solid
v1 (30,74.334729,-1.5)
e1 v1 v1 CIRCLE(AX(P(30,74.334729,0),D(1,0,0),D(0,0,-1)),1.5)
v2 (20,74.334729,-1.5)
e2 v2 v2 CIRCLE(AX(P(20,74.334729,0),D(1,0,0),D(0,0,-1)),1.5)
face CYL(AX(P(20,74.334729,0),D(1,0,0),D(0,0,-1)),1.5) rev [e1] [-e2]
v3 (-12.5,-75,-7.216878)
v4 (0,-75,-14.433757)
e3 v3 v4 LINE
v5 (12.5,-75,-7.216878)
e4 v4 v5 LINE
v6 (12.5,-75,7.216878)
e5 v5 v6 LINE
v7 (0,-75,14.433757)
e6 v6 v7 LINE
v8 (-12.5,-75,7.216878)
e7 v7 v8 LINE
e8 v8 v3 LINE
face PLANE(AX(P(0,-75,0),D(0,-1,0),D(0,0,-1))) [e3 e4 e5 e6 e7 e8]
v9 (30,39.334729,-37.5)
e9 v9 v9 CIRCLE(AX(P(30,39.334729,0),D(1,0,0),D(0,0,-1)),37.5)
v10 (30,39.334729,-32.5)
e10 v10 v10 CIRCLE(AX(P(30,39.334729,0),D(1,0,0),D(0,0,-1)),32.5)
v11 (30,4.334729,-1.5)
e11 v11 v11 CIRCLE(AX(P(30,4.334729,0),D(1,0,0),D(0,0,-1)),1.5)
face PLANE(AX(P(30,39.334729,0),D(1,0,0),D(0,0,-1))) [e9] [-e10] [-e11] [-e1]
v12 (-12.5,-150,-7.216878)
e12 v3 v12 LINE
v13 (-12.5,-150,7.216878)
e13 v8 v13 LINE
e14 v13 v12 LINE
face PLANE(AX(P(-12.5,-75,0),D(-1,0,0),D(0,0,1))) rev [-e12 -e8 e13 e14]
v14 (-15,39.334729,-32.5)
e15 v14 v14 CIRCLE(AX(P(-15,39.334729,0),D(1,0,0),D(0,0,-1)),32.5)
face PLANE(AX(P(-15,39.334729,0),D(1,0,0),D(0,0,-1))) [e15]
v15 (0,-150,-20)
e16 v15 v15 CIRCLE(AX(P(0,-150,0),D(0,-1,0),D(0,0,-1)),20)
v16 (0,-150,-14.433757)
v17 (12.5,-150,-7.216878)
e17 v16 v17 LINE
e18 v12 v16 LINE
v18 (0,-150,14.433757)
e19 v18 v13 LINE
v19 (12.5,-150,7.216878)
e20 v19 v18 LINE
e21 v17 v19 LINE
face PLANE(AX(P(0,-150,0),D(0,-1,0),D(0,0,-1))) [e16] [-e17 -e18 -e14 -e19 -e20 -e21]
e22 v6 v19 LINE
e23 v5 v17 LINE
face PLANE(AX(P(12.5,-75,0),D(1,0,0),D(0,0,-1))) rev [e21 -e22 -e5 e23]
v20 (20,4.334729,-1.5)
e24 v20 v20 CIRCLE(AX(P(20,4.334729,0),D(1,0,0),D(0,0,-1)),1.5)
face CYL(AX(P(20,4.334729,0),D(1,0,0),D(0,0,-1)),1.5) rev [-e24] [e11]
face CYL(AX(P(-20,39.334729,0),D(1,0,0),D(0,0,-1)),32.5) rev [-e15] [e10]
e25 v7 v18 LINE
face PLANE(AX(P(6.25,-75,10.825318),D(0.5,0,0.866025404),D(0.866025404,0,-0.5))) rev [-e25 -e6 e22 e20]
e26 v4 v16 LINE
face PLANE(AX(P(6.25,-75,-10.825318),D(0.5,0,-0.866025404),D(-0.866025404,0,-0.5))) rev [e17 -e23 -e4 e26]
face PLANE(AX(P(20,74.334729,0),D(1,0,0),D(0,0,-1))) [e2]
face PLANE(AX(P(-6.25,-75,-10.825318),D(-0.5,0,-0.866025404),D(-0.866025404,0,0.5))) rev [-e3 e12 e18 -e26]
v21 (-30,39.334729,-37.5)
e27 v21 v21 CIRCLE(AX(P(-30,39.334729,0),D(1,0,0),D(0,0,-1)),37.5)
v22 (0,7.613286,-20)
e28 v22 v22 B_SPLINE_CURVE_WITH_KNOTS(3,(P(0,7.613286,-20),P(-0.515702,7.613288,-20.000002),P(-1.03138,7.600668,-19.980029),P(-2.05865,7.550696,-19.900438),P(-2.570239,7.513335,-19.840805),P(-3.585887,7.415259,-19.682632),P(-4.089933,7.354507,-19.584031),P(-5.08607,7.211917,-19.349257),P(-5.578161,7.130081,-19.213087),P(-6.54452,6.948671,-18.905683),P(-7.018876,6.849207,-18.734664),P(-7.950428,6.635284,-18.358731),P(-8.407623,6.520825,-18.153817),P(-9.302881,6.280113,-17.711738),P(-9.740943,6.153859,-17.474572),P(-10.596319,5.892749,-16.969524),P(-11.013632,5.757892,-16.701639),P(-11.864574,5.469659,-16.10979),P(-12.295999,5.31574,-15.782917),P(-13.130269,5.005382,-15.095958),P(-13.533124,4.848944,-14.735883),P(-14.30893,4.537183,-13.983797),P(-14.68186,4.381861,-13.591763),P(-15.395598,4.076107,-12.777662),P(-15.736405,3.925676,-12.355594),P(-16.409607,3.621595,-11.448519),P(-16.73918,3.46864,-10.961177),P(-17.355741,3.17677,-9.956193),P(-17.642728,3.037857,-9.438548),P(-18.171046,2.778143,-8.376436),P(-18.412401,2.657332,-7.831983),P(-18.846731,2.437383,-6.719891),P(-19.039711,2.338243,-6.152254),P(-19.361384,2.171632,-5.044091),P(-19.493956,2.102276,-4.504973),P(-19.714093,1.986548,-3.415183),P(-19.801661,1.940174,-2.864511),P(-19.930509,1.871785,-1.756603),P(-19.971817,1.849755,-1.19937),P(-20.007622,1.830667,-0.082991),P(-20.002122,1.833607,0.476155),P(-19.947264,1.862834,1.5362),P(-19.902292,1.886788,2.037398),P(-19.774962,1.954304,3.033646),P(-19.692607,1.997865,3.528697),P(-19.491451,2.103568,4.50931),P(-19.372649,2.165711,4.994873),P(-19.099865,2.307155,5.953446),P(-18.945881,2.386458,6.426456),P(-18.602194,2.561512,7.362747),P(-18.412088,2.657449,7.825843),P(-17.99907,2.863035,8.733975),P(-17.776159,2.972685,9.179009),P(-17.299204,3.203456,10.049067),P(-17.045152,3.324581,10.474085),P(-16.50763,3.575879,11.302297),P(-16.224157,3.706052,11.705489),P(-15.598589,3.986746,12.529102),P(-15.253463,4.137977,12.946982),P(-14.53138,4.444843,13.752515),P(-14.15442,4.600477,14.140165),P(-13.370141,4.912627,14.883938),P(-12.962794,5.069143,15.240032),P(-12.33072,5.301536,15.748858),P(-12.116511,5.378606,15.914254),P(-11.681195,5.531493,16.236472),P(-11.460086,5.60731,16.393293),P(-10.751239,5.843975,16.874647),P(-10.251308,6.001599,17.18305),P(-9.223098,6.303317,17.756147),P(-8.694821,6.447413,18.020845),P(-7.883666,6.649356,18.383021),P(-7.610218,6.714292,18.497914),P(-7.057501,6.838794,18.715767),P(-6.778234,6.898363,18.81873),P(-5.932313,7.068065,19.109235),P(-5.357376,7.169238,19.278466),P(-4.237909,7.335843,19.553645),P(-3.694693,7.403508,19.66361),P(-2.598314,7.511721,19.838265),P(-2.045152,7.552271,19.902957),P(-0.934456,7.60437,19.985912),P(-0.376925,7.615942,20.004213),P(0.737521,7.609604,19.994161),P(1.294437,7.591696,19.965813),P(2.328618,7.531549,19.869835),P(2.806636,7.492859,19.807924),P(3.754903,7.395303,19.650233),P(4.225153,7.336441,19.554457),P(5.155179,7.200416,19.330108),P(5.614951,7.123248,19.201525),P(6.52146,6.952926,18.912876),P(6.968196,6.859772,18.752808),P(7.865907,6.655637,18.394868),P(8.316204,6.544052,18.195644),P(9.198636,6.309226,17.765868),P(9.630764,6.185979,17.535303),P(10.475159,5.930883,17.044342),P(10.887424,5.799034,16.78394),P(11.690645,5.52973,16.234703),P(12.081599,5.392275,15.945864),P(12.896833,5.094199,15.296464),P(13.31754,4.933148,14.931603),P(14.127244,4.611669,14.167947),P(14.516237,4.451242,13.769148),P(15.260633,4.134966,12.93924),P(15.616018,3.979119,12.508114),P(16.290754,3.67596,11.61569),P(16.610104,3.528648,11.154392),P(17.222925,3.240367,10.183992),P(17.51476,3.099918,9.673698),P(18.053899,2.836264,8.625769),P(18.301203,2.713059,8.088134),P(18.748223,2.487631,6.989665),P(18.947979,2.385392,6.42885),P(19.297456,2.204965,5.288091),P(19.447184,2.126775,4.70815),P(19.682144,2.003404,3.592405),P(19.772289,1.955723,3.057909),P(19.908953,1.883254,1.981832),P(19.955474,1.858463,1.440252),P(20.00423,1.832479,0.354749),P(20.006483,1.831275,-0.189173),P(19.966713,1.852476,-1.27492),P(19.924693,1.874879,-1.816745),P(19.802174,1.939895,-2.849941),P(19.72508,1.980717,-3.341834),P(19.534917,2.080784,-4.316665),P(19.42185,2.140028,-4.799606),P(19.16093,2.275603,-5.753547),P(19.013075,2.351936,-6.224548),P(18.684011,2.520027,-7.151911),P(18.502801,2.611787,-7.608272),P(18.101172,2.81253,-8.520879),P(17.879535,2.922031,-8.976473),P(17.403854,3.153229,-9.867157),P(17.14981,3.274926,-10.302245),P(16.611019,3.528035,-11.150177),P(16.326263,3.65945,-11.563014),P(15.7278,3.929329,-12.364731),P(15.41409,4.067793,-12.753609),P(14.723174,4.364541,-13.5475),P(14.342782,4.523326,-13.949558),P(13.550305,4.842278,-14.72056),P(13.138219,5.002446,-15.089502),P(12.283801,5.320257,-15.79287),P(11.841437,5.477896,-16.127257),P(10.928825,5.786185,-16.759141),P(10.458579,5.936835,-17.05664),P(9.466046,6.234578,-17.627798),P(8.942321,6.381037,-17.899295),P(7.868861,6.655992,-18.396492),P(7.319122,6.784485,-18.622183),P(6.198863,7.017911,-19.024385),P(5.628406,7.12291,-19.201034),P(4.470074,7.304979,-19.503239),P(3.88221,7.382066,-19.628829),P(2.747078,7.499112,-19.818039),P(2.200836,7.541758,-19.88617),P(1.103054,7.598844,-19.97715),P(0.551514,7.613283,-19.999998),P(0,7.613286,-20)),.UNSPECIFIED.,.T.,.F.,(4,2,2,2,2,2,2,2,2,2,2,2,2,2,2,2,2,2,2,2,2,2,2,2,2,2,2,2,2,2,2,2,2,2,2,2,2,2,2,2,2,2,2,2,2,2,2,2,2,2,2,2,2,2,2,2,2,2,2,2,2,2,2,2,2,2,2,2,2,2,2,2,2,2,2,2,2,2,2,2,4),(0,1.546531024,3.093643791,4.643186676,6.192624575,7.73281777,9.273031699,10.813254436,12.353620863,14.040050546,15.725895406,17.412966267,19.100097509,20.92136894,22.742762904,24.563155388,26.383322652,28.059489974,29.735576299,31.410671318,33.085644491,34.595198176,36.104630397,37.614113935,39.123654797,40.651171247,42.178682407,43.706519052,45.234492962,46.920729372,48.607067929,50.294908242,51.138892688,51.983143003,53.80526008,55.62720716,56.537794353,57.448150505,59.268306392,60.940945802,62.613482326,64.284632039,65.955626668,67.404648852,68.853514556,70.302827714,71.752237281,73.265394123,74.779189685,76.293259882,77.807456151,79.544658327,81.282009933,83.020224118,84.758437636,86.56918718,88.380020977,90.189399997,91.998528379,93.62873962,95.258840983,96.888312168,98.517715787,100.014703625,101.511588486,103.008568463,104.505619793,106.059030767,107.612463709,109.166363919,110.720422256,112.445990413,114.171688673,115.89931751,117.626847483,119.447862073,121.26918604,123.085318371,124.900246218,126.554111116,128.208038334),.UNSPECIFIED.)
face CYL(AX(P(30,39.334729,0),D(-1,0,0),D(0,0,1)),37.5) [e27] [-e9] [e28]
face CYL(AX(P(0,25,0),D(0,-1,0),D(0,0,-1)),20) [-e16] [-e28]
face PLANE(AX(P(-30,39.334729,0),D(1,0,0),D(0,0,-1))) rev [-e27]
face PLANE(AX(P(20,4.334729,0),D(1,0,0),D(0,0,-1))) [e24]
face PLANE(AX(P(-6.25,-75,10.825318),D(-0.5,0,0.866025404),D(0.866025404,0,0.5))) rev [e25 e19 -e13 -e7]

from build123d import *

# Parameters (mm, degrees)
SKETCH1_R                 = 20
BOSS_EXTRUDE1_DEPTH       = 25
BOSS_EXTRUDE2_START       = 100
SKETCH2_R                 = 20
BOSS_EXTRUDE2_DEPTH       = 100
BOSS_EXTRUDE4_START       = -100
SKETCH6_R                 = 20
BOSS_EXTRUDE4_DEPTH       = 100
SKETCH7_R                 = 25
CUT_EXTRUDE2_DEPTH        = 40
SKETCH8_R                 = 25
SKETCH8_R_2               = 22.5
BOSS_EXTRUDE7_DEPTH       = 40
SKETCH9_R                 = 25
BOSS_EXTRUDE8_DEPTH       = 2
BOSS_EXTRUDE10_DEPTH      = 38
CUT_EXTRUDE3_DEPTH        = 25
SKETCH12_R                = 25
CUT_EXTRUDE4_DEPTH        = 75
BOSS_EXTRUDE11_START      = 50
SKETCH14_R                = 20
BOSS_EXTRUDE11_DEPTH      = 50
BOSS_EXTRUDE12_DEPTH      = 10
BOSS_EXTRUDE12_DEPTH_BACK = 50
SKETCH13_R                = 37.5
SKETCH17_R                = 32.5
CUT_EXTRUDE5_DEPTH        = 50
BOSS_EXTRUDE13_START      = 2
SKETCH18_R                = 37.5
SKETCH18_R_2              = 32.5
BOSS_EXTRUDE13_DEPTH      = 2
SKETCH21_R                = 37.5
SKETCH21_R_2              = 32.5
CUT_EXTRUDE6_DEPTH        = 2
SKETCH22_R                = 1.5
CUT_EXTRUDE7_DEPTH        = 10
BOSS_EXTRUDE14_START      = 5
SKETCH27_R                = 32.5
BOSS_EXTRUDE14_DEPTH      = 5


with BuildPart() as part:
    # Sketch1 → Boss-Extrude1 (new body)
    with BuildSketch(Plane(origin=(0, 0, 0), x_dir=(1, 0, 0), z_dir=(0, 1, 0))):
        with Locations(Location((0, 0, 0), (0, 0, 270))):
            Circle(SKETCH1_R)
        Polygon((14.43375673, 0), (7.216878365, 12.5), (-7.216878365, 12.5), (-14.43375673, 0), (-7.216878365, -12.5), (7.216878365, -12.5), align=None, mode=Mode.SUBTRACT)
    extrude(amount=BOSS_EXTRUDE1_DEPTH)

    # Sketch2 → Boss-Extrude2 (add)
    with BuildSketch(Plane.XZ.offset(BOSS_EXTRUDE2_START)):
        with Locations(Location((0, 0, 0), (0, 0, 270))):
            Circle(SKETCH2_R)
    extrude(amount=-BOSS_EXTRUDE2_DEPTH)

    # Sketch6 → Boss-Extrude4 (add)
    with BuildSketch(Plane(origin=(0, 25, 0), x_dir=(1, 0, 0), z_dir=(0, 1, 0)).offset(BOSS_EXTRUDE4_START)):
        with Locations(Location((0, 0, 0), (0, 0, 90))):
            Circle(SKETCH6_R)
    extrude(amount=BOSS_EXTRUDE4_DEPTH)

    # Sketch7 → Cut-Extrude2 (cut)
    with BuildSketch(Plane(origin=(20, 0, 0), x_dir=(0, 0, -1), z_dir=(1, 0, 0))):
        with Locations((0, 39.286563349)):
            Circle(SKETCH7_R)
    extrude(amount=-CUT_EXTRUDE2_DEPTH, mode=Mode.SUBTRACT)

    # Sketch8 → Boss-Extrude7 (add)
    with BuildSketch(Plane(origin=(20, 0, 0), x_dir=(0, 0, -1), z_dir=(1, 0, 0))):
        with Locations((0, 39.252781264)):
            Circle(SKETCH8_R)
        with Locations((0, 39.252781264)):
            Circle(SKETCH8_R_2, mode=Mode.SUBTRACT)
    extrude(amount=-BOSS_EXTRUDE7_DEPTH)

    # Sketch9 → Boss-Extrude8 (add)
    with BuildSketch(Plane(origin=(20, 0, 0), x_dir=(0, 0, -1), z_dir=(1, 0, 0))):
        with Locations((0, 39.252781264)):
            Circle(SKETCH9_R)
    extrude(amount=-BOSS_EXTRUDE8_DEPTH)

    # Sketch10 → Boss-Extrude10 (add)
    with BuildSketch(Plane.ZY.offset(-18)):
        with BuildLine():
            Line((-15.081099266, 22.555163323), (15.081099266, 22.555163323))
            ThreePointArc((15.081099266, 22.555163323), (0, 16.752781264), (-15.081099266, 22.555163323))
        make_face()
    extrude(amount=BOSS_EXTRUDE10_DEPTH)

    # Sketch11 → Cut-Extrude3 (cut)
    with BuildSketch(Plane.XZ.offset(100)):
        Polygon((12.5, 7.216878365), (0, 14.43375673), (0, 0), (12.5, 0), align=None)
        Polygon((0, 0), (0, 14.43375673), (-12.5, 7.216878365), (-12.5, -7.216878365), (0, -14.43375673), (12.5, -7.216878365), (12.5, 0), align=None)
    extrude(amount=-CUT_EXTRUDE3_DEPTH, mode=Mode.SUBTRACT)

    # Sketch12 → Cut-Extrude4 (cut)
    with BuildSketch(Plane(origin=(20, 0, 0), x_dir=(0, 0, -1), z_dir=(1, 0, 0))):
        with Locations((0, 39.252781264)):
            Circle(SKETCH12_R)
    extrude(amount=-CUT_EXTRUDE4_DEPTH, mode=Mode.SUBTRACT)

    # Sketch14 → Boss-Extrude11 (add)
    with BuildSketch(Plane.XZ.offset(100).offset(BOSS_EXTRUDE11_START)):
        with Locations(Location((0, 0, 0), (0, 0, 270))):
            Circle(SKETCH14_R)
        Polygon((0, -14.43375673), (12.5, -7.216878365), (12.5, 7.216878365), (0, 14.43375673), (-12.5, 7.216878365), (-12.5, -7.216878365), align=None, mode=Mode.SUBTRACT)
    extrude(amount=-BOSS_EXTRUDE11_DEPTH)

    # Sketch13 → Boss-Extrude12 (add, two sides: drawn at the far end of the back side and taken through both)
    with BuildSketch(Plane(origin=(20, 0, 0), x_dir=(0, 0, -1), z_dir=(1, 0, 0)).offset(-BOSS_EXTRUDE12_DEPTH_BACK)):
        with Locations((0, 39.33472939)):
            Circle(SKETCH13_R)
    extrude(amount=BOSS_EXTRUDE12_DEPTH + BOSS_EXTRUDE12_DEPTH_BACK)

    # Sketch17 → Cut-Extrude5 (cut)
    with BuildSketch(Plane(origin=(30, 0, 0), x_dir=(0, 0, -1), z_dir=(1, 0, 0))):
        with Locations((0, 39.33472939)):
            Circle(SKETCH17_R)
    extrude(amount=-CUT_EXTRUDE5_DEPTH, mode=Mode.SUBTRACT)

    # Sketch18 → Boss-Extrude13 (add)
    with BuildSketch(Plane(origin=(30, 0, 0), x_dir=(0, 0, -1), z_dir=(1, 0, 0)).offset(BOSS_EXTRUDE13_START)):
        with Locations((0, 39.33472939)):
            Circle(SKETCH18_R)
        with Locations((0, 39.33472939)):
            Circle(SKETCH18_R_2, mode=Mode.SUBTRACT)
    extrude(amount=-BOSS_EXTRUDE13_DEPTH)

    # Sketch21 → Cut-Extrude6 (cut)
    with BuildSketch(Plane(origin=(32, 0, 0), x_dir=(0, 0, -1), z_dir=(1, 0, 0))):
        with Locations((0, 39.33472939)):
            Circle(SKETCH21_R)
        with Locations((0, 39.33472939)):
            Circle(SKETCH21_R_2, mode=Mode.SUBTRACT)
    extrude(amount=-CUT_EXTRUDE6_DEPTH, mode=Mode.SUBTRACT)

    # Sketch22 → Cut-Extrude7 (cut)
    with BuildSketch(Plane(origin=(30, 0, 0), x_dir=(0, 0, -1), z_dir=(1, 0, 0))):
        with Locations((0, 74.33472939)):
            Circle(SKETCH22_R)
        with Locations((0, 4.33472939)):
            Circle(SKETCH22_R)
    extrude(amount=-CUT_EXTRUDE7_DEPTH, mode=Mode.SUBTRACT)

    # Sketch27 → Boss-Extrude14 (add)
    with BuildSketch(Plane(origin=(-20, 0, 0), x_dir=(0, 0, -1), z_dir=(1, 0, 0)).offset(BOSS_EXTRUDE14_START)):
        with Locations((0, 39.33472939)):
            Circle(SKETCH27_R)
    extrude(amount=-BOSS_EXTRUDE14_DEPTH)


solid = part.part
